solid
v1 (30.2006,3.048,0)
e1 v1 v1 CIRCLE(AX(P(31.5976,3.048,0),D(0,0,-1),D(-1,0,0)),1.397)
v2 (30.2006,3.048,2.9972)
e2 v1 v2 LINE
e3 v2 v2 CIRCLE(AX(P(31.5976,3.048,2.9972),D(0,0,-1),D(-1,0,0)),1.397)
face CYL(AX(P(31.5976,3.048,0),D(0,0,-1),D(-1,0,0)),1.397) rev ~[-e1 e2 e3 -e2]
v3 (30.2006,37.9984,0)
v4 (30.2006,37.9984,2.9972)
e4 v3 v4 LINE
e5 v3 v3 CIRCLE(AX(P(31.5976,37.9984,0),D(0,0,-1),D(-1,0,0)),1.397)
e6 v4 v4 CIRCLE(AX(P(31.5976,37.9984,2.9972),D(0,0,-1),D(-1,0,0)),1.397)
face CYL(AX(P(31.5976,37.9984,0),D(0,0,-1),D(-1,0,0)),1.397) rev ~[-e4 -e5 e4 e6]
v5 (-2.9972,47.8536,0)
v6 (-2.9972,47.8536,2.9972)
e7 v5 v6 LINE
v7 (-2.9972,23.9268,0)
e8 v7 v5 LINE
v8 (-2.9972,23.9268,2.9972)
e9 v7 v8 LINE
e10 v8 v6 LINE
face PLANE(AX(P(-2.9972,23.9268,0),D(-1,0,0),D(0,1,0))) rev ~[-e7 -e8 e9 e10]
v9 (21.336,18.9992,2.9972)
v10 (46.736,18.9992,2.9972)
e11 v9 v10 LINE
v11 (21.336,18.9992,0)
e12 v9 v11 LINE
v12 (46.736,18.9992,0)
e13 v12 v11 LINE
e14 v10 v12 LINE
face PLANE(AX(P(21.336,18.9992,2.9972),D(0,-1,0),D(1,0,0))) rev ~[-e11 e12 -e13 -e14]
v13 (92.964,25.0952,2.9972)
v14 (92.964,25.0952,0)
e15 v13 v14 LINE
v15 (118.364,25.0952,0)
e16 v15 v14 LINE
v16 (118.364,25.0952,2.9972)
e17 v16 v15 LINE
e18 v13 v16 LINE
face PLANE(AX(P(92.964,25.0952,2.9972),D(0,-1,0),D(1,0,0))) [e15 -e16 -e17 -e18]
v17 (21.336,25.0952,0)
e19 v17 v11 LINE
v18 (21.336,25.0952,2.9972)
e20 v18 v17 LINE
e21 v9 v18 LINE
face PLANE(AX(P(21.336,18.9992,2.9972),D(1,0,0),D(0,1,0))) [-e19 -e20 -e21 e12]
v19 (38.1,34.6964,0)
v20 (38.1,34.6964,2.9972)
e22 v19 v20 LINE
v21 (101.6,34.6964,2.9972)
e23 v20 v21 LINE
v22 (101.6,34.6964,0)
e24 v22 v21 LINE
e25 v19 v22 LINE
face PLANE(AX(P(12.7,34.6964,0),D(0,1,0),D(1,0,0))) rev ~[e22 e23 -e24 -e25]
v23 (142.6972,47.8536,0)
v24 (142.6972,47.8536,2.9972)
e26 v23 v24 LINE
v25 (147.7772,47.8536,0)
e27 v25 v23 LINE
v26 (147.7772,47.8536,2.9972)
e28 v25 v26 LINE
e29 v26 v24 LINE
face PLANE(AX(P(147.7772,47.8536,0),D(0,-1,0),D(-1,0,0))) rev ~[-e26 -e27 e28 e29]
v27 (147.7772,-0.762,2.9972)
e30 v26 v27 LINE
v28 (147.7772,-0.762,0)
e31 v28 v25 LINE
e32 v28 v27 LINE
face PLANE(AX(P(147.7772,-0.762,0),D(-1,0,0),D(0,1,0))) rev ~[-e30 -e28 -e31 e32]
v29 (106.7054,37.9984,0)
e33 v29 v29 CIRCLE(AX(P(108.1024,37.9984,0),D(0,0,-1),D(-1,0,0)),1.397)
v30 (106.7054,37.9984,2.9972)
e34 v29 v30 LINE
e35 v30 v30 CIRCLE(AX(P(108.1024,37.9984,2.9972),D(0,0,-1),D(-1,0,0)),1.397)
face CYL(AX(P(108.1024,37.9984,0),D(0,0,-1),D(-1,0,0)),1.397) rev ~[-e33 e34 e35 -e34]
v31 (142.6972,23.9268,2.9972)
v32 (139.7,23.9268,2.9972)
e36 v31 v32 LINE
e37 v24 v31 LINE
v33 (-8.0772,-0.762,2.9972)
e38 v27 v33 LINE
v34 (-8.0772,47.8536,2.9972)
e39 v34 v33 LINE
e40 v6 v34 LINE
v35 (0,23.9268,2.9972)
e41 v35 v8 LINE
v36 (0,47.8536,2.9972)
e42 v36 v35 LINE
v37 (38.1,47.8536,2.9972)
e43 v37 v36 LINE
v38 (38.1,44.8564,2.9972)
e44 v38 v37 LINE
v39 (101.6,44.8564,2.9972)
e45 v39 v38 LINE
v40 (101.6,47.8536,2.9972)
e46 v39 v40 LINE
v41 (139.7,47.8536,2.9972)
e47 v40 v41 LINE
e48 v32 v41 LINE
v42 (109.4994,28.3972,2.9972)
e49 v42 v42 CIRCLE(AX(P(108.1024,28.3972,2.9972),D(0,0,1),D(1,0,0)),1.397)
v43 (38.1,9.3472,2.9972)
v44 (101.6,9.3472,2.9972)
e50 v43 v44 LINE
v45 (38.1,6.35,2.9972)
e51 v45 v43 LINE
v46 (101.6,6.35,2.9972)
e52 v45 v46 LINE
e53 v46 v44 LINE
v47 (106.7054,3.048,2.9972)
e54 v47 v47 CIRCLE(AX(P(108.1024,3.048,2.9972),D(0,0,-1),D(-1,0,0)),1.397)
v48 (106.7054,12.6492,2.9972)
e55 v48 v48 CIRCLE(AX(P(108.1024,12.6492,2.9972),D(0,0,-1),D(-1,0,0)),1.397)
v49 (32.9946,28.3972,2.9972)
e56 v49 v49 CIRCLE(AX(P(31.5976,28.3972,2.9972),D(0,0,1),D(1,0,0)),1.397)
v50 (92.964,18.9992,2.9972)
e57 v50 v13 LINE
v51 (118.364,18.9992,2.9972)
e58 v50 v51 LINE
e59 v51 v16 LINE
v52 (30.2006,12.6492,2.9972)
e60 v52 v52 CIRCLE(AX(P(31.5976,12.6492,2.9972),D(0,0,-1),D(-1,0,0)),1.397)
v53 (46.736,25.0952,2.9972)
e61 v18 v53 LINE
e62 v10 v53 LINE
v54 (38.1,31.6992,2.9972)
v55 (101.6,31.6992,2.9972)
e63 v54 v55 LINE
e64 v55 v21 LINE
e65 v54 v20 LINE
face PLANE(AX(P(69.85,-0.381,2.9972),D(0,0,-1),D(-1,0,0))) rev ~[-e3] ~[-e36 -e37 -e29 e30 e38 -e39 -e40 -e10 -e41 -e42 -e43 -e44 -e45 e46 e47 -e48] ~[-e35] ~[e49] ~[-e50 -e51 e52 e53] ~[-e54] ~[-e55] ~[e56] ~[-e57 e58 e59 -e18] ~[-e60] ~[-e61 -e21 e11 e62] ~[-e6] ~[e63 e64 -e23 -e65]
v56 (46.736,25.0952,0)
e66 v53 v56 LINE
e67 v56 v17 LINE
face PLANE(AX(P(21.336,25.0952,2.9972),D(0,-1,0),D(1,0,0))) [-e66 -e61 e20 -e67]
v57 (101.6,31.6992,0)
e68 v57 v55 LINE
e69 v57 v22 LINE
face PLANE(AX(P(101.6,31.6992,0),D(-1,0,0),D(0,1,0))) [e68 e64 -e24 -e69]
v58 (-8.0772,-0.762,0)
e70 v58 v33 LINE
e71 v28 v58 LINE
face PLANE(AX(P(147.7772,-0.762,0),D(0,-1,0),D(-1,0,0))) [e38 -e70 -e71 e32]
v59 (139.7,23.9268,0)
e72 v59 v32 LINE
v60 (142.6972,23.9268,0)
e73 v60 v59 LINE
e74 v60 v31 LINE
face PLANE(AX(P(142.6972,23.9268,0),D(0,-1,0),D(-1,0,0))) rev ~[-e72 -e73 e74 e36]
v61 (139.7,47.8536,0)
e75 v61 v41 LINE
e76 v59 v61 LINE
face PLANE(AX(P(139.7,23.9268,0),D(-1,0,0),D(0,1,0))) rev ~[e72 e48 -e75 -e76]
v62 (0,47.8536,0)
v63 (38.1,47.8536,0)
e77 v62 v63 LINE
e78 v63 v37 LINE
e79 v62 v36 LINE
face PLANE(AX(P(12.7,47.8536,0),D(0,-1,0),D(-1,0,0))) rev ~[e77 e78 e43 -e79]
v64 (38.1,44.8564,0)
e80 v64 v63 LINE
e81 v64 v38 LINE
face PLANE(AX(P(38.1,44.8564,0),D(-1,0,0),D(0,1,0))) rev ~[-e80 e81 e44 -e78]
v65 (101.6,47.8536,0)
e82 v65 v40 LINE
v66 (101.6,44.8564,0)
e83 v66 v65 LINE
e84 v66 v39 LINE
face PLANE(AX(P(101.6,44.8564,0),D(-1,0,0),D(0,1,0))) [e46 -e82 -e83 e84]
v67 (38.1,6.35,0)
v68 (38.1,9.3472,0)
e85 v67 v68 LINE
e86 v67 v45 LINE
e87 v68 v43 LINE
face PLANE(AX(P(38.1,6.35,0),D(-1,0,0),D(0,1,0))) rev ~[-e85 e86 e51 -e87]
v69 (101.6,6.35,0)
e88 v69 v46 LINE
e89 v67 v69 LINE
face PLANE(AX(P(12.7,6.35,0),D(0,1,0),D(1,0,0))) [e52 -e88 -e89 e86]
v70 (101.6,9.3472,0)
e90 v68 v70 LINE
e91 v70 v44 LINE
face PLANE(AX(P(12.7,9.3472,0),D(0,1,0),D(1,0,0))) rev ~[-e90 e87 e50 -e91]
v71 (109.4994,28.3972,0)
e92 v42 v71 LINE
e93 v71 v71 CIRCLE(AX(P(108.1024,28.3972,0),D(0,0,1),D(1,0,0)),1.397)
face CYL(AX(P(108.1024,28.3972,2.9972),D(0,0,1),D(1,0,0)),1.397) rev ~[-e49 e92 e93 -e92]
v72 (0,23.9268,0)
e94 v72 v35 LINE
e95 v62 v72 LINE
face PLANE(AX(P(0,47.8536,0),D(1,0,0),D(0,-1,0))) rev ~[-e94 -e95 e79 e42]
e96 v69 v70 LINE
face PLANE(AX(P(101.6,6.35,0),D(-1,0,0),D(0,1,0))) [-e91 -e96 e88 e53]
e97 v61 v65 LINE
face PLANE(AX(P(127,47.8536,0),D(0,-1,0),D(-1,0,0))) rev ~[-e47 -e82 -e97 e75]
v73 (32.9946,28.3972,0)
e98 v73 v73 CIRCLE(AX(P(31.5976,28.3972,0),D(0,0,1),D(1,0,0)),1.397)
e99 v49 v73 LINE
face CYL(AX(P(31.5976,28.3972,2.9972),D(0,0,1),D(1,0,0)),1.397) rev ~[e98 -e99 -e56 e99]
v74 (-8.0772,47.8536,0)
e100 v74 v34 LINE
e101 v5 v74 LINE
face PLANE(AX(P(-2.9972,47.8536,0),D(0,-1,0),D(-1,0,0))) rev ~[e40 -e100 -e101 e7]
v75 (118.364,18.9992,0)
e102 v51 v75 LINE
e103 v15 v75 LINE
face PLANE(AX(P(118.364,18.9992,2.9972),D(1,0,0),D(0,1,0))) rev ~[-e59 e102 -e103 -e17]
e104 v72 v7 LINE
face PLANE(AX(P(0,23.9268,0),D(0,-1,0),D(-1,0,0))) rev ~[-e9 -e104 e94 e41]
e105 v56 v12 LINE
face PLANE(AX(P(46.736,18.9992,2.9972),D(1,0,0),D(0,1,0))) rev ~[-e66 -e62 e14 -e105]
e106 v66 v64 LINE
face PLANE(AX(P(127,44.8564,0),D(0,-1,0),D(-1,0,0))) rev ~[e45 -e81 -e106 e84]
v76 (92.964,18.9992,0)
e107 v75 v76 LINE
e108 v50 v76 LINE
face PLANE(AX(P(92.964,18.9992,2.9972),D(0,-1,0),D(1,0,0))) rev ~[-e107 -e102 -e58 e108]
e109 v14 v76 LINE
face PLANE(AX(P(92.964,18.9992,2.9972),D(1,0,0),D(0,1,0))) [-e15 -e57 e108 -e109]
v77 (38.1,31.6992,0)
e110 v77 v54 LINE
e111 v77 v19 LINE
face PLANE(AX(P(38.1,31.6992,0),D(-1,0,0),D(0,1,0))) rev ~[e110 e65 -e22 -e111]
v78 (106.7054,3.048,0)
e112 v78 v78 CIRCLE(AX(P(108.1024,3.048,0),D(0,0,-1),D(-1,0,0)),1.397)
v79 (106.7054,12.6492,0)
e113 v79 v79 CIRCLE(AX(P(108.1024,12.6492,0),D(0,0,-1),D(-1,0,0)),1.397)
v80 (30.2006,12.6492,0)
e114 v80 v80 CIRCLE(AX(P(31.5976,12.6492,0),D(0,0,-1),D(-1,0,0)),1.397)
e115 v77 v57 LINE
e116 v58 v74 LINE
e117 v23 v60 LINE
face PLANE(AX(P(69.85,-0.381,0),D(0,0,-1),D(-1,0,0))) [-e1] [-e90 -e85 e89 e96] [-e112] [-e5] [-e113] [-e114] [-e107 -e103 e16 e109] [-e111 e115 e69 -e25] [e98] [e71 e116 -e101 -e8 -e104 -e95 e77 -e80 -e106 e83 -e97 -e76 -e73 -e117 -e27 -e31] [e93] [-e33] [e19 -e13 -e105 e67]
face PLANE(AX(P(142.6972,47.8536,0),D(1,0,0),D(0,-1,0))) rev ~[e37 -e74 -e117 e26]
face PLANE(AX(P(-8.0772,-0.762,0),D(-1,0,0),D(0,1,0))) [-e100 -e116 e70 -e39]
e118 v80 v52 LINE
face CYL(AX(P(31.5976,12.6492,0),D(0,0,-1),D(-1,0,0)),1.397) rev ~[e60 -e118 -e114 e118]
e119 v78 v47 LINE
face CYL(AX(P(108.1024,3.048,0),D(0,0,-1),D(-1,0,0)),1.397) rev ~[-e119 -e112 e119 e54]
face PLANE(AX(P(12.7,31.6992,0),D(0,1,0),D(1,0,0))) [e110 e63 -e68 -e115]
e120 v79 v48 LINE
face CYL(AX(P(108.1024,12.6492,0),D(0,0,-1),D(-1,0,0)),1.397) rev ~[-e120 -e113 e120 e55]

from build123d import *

# Parameters (mm, degrees)
SKETCH1_W           = 114.3
SKETCH1_H           = 2.9972
BOSS_EXTRUDE1_DEPTH = 2.9972
SKETCH2_R           = 1.397
CUT_EXTRUDE1_DEPTH  = 3.9972
SKETCH3_W           = 25.4
SKETCH3_H           = 2.9972
BOSS_EXTRUDE2_DEPTH = 2.9972
SKETCH4_W           = 155.8544
SKETCH4_H           = 0.762
BOSS_EXTRUDE3_DEPTH = 2.9972
SKETCH5_R           = 1.397
CUT_EXTRUDE2_DEPTH  = 3.9972
SKETCH7_R           = 1.397
CUT_EXTRUDE3_DEPTH  = 3.9972
SKETCH6_W           = 25.4
SKETCH6_H           = 6.096
CUT_EXTRUDE4_DEPTH  = 3.9972


with BuildPart() as part:
    # Sketch1 → Boss-Extrude1 (new body)
    with BuildSketch(Plane.XY):
        Polygon((139.7, 23.9268), (139.7, 0), (147.7772, 0), (147.7772, 47.8536), (142.6972, 47.8536), (142.6972, 23.9268), align=None)
        Polygon((0, 23.9268), (0, 0), (139.7, 0), (139.7, 23.9268), (139.7, 47.8536), (127, 47.8536), (127, 44.8564), (12.7, 44.8564), (12.7, 47.8536), (0, 47.8536), align=None)
        with Locations((69.85, 7.8486)):
            Rectangle(SKETCH1_W, SKETCH1_H, mode=Mode.SUBTRACT)
        with Locations((69.85, 33.1978)):
            Rectangle(SKETCH1_W, SKETCH1_H, mode=Mode.SUBTRACT)
        Polygon((-8.0772, 0), (0, 0), (0, 23.9268), (-2.9972, 23.9268), (-2.9972, 47.8536), (-8.0772, 47.8536), align=None)
    extrude(amount=BOSS_EXTRUDE1_DEPTH)

    # Sketch2 → Cut-Extrude1 (cut, through all)
    with BuildSketch(Plane(origin=(0, 0, 0), x_dir=(-1, 0, 0), z_dir=(0, 0, -1))):
        with Locations((-108.1024, 12.6492)):
            Circle(SKETCH2_R)
        with Locations((-31.5976, 12.6492)):
            Circle(SKETCH2_R)
        with Locations((-108.1024, 37.9984)):
            Circle(SKETCH2_R)
        with Locations((-31.5976, 37.9984)):
            Circle(SKETCH2_R)
    extrude(amount=-CUT_EXTRUDE1_DEPTH, mode=Mode.SUBTRACT)

    # Sketch3 → Boss-Extrude2 (add)
    with BuildSketch(Plane(origin=(0, 0, 0), x_dir=(-1, 0, 0), z_dir=(0, 0, -1))):
        with Locations((-114.3, 46.355)):
            Rectangle(SKETCH3_W, SKETCH3_H)
        with Locations((-114.3, 33.1978)):
            Rectangle(SKETCH3_W, SKETCH3_H)
        with Locations((-114.3, 7.8486)):
            Rectangle(SKETCH3_W, SKETCH3_H)
        with Locations((-25.4, 7.8486)):
            Rectangle(SKETCH3_W, SKETCH3_H)
        with Locations((-25.4, 33.1978)):
            Rectangle(SKETCH3_W, SKETCH3_H)
        with Locations((-25.4, 46.355)):
            Rectangle(SKETCH3_W, SKETCH3_H)
    extrude(amount=-BOSS_EXTRUDE2_DEPTH)

    # Sketch4 → Boss-Extrude3 (add)
    with BuildSketch(Plane(origin=(0, 0, 0), x_dir=(-1, 0, 0), z_dir=(0, 0, -1))):
        with Locations((-69.85, -0.381)):
            Rectangle(SKETCH4_W, SKETCH4_H)
    extrude(amount=-BOSS_EXTRUDE3_DEPTH)

    # Sketch5 → Cut-Extrude2 (cut, through all)
    with BuildSketch(Plane.XY.offset(2.9972)):
        with Locations((31.5976, 28.3972)):
            Circle(SKETCH5_R)
        with Locations((108.1024, 28.3972)):
            Circle(SKETCH5_R)
    extrude(amount=-CUT_EXTRUDE2_DEPTH, mode=Mode.SUBTRACT)

    # Sketch7 → Cut-Extrude3 (cut, through all)
    with BuildSketch(Plane(origin=(0, 0, 0), x_dir=(-1, 0, 0), z_dir=(0, 0, -1))):
        with Locations((-108.1024, 3.048)):
            Circle(SKETCH7_R)
        with Locations((-31.5976, 3.048)):
            Circle(SKETCH7_R)
    extrude(amount=-CUT_EXTRUDE3_DEPTH, mode=Mode.SUBTRACT)

    # Sketch6 → Cut-Extrude4 (cut, through all)
    with BuildSketch(Plane.XY.offset(2.9972)):
        with Locations((34.036, 22.0472)):
            Rectangle(SKETCH6_W, SKETCH6_H)
        with Locations((105.664, 22.0472)):
            Rectangle(SKETCH6_W, SKETCH6_H)
    extrude(amount=-CUT_EXTRUDE4_DEPTH, mode=Mode.SUBTRACT)


solid = part.part
